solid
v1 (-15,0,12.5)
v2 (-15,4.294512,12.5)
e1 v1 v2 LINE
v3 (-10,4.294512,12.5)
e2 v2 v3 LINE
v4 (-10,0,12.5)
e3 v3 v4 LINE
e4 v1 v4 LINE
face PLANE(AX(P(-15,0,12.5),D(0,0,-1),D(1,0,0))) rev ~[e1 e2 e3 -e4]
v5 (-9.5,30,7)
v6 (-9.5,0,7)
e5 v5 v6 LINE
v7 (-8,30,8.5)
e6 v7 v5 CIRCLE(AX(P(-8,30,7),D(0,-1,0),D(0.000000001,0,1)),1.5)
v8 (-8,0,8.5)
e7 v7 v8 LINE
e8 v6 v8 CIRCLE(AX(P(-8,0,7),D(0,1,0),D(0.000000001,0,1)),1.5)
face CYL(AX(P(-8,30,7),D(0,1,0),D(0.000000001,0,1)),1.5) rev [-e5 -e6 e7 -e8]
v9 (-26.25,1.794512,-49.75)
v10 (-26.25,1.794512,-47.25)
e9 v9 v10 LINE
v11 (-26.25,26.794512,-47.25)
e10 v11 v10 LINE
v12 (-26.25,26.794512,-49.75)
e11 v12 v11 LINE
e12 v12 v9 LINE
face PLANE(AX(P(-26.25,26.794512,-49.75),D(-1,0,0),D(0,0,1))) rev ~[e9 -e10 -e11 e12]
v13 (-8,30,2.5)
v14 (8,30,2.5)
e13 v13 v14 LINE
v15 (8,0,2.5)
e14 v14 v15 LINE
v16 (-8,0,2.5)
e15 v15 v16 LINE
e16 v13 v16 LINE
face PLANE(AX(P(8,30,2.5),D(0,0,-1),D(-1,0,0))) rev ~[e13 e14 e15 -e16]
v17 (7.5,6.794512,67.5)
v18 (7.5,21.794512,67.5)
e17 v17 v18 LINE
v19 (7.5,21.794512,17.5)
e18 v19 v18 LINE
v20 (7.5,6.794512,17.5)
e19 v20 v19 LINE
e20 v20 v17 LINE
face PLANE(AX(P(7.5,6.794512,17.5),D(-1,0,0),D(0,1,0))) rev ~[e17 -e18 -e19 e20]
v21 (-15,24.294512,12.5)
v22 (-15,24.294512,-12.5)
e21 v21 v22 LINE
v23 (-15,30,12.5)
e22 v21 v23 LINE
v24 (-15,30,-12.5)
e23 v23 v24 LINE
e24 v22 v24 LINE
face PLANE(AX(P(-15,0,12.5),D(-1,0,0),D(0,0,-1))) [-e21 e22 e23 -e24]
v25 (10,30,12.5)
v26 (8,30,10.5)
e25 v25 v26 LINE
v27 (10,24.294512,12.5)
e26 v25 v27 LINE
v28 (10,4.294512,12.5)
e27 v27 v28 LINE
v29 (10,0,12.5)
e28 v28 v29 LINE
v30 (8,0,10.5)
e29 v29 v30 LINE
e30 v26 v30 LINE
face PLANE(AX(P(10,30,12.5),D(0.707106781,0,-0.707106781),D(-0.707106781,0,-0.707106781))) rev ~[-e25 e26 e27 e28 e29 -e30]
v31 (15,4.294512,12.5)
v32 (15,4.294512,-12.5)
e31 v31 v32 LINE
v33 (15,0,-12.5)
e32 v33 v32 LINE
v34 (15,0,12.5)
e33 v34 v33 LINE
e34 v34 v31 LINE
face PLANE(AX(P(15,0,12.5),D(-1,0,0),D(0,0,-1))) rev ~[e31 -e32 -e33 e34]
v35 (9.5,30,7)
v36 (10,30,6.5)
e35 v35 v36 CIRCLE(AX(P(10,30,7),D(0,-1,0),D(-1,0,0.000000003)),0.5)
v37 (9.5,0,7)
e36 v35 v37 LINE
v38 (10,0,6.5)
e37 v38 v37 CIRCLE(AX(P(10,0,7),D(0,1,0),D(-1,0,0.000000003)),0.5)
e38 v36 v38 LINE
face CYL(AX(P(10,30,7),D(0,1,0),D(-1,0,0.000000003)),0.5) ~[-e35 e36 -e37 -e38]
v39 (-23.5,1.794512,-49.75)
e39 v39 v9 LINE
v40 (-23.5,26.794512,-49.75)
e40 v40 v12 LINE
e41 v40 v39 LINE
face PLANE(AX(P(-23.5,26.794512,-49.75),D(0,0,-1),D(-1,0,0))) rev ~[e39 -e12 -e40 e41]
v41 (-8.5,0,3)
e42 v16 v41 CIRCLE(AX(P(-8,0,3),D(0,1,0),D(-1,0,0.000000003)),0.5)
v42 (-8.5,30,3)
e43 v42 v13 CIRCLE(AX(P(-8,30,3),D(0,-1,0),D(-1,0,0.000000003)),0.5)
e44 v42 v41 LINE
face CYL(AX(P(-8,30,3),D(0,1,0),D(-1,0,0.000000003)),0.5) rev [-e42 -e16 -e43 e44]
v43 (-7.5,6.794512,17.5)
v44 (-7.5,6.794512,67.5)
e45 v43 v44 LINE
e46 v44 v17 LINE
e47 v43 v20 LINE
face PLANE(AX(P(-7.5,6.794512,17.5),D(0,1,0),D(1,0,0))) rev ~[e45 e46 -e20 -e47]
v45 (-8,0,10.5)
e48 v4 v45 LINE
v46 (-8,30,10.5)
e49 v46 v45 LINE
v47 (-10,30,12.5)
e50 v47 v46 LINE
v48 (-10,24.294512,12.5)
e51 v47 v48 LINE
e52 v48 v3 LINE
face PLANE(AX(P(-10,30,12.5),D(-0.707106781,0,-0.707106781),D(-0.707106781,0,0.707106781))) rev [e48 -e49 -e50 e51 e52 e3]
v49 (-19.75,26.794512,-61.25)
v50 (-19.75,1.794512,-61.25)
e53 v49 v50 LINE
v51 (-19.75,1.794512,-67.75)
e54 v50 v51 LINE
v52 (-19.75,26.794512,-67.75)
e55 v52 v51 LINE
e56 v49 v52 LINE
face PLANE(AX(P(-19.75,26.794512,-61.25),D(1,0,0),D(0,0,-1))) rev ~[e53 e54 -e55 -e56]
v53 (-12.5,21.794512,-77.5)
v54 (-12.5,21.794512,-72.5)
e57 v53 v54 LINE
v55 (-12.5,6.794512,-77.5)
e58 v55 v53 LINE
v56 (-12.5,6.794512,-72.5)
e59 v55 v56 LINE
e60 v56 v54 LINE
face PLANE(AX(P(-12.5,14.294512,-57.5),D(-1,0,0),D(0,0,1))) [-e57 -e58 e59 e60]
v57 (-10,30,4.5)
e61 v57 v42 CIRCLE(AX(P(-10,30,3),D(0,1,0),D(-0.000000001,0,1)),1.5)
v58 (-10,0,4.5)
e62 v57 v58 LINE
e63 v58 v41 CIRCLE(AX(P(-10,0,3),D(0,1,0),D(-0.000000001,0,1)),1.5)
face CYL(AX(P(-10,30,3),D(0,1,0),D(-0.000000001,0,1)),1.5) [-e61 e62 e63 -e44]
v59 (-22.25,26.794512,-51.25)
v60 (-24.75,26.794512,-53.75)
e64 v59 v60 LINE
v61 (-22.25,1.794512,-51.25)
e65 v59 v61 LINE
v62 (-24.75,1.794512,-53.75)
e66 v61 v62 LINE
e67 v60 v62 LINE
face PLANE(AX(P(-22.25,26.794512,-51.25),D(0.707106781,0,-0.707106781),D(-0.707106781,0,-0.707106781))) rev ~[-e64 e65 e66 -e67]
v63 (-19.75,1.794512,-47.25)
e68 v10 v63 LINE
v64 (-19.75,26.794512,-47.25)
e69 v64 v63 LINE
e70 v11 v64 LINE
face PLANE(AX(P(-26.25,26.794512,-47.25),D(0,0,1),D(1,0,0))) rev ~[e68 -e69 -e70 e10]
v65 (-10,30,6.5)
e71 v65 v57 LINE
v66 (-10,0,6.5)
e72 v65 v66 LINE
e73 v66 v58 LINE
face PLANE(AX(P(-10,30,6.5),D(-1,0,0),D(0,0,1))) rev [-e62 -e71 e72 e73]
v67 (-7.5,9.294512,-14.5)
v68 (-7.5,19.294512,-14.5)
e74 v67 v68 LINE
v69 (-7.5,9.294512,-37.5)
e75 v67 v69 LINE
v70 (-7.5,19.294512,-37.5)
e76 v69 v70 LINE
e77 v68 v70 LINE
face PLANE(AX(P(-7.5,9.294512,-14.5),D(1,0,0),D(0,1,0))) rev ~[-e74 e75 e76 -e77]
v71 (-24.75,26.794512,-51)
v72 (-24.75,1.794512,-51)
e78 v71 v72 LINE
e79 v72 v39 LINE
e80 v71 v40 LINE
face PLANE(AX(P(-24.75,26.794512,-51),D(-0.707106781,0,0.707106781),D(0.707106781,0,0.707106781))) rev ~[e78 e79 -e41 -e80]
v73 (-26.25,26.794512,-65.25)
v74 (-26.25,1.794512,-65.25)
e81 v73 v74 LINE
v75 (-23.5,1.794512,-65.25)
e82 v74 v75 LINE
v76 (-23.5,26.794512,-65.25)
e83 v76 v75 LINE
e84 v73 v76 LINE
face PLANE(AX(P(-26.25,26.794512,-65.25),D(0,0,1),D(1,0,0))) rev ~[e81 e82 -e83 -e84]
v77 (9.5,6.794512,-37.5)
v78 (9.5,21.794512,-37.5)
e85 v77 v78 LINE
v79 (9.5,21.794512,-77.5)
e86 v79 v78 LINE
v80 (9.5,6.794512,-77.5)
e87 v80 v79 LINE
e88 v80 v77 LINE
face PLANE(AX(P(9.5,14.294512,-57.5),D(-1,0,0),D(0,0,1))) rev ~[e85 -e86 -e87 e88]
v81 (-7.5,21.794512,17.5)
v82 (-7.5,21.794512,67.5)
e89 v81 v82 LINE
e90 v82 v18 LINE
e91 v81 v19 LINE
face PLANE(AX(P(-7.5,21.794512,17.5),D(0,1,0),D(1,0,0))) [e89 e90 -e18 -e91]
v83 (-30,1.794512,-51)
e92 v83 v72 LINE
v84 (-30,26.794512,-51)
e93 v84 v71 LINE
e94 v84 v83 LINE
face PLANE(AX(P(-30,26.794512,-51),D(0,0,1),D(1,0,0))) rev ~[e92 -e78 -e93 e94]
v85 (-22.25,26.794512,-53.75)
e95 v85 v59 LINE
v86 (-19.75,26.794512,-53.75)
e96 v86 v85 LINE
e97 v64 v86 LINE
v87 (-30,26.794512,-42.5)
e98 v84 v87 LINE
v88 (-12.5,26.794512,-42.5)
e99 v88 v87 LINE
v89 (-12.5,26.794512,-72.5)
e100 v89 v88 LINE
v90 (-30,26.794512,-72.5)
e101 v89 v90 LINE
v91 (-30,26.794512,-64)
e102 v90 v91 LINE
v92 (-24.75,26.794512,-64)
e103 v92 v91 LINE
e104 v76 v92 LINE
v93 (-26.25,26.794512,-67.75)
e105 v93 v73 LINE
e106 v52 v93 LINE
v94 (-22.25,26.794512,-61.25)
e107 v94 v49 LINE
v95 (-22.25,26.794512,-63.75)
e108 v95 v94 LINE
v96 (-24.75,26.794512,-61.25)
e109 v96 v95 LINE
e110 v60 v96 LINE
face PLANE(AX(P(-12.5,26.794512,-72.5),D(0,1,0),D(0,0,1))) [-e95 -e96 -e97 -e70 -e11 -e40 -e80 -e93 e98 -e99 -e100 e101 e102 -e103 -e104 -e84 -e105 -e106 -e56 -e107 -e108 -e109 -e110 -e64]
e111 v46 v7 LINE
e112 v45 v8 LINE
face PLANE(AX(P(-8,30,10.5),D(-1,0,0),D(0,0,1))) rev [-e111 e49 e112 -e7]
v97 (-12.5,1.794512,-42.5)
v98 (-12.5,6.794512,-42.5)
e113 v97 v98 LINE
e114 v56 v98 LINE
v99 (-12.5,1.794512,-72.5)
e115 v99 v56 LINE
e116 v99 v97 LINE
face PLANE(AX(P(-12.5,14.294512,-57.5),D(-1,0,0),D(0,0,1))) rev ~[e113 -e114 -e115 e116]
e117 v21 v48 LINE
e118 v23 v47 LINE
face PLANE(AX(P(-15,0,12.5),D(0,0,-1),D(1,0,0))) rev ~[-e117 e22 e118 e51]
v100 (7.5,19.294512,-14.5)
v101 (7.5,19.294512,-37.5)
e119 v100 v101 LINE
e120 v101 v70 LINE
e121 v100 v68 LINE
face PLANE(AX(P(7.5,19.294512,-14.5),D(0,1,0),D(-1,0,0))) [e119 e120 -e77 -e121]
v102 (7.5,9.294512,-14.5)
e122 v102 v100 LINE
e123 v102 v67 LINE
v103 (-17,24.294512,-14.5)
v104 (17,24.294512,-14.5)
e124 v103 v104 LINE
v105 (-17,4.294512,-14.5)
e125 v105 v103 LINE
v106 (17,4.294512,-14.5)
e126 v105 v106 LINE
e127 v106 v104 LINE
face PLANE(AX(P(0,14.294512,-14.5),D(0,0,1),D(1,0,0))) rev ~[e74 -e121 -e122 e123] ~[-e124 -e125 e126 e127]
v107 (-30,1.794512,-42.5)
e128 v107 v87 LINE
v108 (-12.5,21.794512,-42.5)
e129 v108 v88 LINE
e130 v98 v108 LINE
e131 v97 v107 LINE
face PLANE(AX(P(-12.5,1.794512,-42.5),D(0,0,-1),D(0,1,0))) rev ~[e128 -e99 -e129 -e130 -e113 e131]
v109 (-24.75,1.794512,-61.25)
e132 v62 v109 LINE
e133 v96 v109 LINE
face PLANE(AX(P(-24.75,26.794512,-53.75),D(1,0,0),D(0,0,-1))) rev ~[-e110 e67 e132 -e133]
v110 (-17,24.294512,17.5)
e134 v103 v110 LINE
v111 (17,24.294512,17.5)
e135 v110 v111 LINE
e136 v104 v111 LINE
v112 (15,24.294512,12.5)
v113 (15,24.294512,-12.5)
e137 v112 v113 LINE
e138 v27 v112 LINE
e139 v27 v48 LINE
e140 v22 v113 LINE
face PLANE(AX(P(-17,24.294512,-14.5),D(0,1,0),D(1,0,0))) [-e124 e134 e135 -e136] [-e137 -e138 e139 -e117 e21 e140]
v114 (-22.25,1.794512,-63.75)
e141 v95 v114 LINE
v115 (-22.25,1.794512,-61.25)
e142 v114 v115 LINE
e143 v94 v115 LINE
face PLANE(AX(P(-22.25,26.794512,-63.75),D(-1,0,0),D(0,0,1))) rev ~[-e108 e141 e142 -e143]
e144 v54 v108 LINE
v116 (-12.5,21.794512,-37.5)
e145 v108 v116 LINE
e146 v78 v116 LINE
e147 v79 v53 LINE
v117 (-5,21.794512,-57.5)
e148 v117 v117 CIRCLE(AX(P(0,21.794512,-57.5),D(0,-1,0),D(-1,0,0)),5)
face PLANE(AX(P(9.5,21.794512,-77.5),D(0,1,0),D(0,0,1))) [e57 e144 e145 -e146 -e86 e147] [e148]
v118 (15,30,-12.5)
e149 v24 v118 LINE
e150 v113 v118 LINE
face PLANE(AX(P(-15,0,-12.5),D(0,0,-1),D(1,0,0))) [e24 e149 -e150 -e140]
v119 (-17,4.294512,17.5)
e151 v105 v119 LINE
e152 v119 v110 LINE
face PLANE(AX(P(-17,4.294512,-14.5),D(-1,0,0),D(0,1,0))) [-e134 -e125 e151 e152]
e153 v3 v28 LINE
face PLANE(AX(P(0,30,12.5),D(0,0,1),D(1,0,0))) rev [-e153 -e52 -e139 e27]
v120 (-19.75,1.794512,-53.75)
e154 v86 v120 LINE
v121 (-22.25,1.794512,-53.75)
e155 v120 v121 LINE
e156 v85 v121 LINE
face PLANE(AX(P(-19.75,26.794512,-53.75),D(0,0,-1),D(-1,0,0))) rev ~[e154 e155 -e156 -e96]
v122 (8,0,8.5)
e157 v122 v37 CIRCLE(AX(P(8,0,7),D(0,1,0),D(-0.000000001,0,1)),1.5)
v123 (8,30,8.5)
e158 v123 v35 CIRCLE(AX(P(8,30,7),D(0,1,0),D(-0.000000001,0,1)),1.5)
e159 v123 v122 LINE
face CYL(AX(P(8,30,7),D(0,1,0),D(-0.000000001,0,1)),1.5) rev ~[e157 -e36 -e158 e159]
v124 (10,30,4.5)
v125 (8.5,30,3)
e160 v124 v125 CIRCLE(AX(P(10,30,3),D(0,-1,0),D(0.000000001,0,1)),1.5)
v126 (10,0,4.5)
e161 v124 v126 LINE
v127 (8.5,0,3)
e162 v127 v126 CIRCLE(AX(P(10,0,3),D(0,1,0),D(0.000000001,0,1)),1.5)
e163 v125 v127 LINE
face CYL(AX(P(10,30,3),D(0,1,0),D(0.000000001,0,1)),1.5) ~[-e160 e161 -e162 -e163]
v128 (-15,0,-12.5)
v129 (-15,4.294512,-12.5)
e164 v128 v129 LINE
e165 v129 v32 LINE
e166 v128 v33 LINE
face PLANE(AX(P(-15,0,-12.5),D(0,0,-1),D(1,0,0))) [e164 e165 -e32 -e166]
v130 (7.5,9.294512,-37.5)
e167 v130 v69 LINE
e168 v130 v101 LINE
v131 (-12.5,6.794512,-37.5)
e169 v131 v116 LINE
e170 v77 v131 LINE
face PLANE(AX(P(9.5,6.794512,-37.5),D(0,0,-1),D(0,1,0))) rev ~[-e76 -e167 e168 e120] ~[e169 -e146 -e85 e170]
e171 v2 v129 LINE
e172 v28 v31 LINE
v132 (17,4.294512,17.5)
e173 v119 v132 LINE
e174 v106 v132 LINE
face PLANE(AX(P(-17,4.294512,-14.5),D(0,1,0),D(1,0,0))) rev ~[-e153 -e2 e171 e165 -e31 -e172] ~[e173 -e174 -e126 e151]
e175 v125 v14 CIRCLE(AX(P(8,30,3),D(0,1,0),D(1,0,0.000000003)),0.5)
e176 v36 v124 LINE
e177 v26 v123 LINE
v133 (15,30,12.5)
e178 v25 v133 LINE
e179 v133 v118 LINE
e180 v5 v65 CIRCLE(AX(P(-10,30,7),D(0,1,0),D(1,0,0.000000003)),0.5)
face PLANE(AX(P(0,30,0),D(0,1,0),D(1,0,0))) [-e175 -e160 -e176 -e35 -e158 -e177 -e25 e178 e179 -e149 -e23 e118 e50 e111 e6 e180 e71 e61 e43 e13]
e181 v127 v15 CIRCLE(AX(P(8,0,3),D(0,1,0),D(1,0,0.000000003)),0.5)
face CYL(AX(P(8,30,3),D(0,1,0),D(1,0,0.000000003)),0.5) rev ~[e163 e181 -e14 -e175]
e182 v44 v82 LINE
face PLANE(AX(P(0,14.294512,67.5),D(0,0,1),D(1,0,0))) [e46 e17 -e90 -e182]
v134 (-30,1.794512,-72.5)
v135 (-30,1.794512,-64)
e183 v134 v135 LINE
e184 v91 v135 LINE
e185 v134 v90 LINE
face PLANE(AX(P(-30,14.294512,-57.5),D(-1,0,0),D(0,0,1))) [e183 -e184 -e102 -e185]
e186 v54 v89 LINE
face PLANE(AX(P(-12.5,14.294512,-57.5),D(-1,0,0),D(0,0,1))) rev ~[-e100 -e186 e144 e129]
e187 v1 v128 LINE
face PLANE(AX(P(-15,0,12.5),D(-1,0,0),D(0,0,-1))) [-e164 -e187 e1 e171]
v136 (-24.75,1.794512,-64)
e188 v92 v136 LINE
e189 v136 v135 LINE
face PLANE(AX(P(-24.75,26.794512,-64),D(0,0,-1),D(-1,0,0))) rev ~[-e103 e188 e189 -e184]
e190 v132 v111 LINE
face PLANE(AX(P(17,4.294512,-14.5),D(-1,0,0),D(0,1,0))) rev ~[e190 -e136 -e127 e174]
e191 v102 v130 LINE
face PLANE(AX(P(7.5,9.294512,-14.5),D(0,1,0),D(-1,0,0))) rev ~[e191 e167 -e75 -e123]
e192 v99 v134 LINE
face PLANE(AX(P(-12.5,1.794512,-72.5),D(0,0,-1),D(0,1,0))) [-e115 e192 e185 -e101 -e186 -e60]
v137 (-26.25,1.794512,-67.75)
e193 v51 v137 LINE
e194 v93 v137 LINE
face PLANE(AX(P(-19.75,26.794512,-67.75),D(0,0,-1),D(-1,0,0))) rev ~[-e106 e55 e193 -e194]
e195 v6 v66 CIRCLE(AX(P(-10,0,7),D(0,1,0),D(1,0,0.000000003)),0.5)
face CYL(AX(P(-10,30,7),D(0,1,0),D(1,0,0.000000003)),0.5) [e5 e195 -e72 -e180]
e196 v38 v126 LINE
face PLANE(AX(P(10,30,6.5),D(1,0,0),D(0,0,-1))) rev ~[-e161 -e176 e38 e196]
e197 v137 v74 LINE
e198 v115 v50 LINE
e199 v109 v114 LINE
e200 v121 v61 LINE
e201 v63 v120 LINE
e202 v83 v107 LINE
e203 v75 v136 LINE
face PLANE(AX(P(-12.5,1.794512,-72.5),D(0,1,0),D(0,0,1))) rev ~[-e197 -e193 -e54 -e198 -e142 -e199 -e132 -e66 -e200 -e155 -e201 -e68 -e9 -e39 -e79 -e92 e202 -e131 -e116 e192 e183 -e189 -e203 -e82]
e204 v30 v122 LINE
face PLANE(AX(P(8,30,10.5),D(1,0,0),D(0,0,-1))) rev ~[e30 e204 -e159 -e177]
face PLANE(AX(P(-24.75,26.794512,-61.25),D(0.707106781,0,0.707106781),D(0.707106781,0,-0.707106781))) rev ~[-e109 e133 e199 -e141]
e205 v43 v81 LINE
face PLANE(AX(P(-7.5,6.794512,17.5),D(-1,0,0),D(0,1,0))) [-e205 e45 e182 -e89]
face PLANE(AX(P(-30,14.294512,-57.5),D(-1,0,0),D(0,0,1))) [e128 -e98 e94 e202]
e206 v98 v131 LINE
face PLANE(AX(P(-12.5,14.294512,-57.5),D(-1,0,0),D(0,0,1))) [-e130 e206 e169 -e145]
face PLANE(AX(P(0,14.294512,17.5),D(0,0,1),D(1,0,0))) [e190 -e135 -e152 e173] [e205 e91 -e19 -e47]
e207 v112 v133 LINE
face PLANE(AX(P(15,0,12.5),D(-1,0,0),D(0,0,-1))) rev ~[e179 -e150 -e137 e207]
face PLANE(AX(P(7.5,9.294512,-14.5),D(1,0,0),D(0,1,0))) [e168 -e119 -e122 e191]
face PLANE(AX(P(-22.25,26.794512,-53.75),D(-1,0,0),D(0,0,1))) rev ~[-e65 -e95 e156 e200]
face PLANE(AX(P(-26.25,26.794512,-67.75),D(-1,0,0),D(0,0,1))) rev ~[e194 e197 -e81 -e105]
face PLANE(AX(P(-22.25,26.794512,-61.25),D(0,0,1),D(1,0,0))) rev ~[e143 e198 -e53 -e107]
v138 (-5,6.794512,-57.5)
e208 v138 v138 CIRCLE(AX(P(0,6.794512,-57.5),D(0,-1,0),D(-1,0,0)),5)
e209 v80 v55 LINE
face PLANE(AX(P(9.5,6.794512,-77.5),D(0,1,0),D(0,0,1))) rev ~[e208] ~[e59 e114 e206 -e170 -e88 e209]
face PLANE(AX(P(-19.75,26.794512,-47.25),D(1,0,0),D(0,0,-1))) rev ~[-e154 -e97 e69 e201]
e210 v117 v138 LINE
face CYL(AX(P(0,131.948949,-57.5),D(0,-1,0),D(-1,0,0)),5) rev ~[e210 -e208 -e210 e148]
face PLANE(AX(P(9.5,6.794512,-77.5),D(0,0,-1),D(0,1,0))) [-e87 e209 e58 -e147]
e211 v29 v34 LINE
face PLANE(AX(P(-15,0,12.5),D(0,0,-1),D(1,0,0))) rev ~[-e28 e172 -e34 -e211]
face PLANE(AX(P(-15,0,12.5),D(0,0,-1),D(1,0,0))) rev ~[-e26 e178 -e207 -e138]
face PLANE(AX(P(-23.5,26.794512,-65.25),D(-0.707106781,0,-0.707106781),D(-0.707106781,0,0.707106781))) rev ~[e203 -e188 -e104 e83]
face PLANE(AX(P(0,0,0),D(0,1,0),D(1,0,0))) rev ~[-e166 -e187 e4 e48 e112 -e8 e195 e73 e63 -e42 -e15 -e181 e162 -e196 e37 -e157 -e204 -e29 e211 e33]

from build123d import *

# Parameters (mm, degrees)
SKETCH3_W                = 30
SKETCH3_H                = 25
BASETOPPLANE_DEPTH       = 30
BOSS_EXTRUDE1_DEPTH      = 5
BOSS_EXTRUDE1_DEPTH_BACK = 27
SKETCH6_W                = 34
SKETCH6_H                = 20
CUT_EXTRUDE1_DEPTH       = 39.668462602
SKETCH7_W                = 15
SKETCH7_H                = 10
BACKBAR_DEPTH            = 60
SIDECONNECT_DEPTH        = 5
SIDECONNECT_DEPTH_BACK   = 17
SKETCH8_W                = 40
SKETCH8_H                = 15
SKETCH9_W                = 30
SKETCH9_H                = 25
SIDESLIDER_DEPTH         = 17.5
MOUNTINGCUT_DEPTH        = 88.316641384
DRILLFORMOVEMENT_D       = 10
SKETCH17_W               = 15
SKETCH17_H               = 15
FRONTBAR_DEPTH           = 50


with BuildPart() as part:
    # Sketch3 → baseTopPlane (new body)
    with BuildSketch(Plane(origin=(0, 0, 0), x_dir=(1, 0, 0), z_dir=(0, 1, 0))):
        Rectangle(SKETCH3_W, SKETCH3_H)
    extrude(amount=BASETOPPLANE_DEPTH)

    # Sketch6 → Boss-Extrude1 (add, two sides: drawn at the far end of the back side and taken through both)
    with BuildSketch(Plane.XY.offset(12.5).offset(-BOSS_EXTRUDE1_DEPTH_BACK)):
        with Locations((0, 14.294511799)):
            Rectangle(SKETCH6_W, SKETCH6_H)
    extrude(amount=BOSS_EXTRUDE1_DEPTH + BOSS_EXTRUDE1_DEPTH_BACK)

    # Sketch4 → Cut-Extrude1 (cut, through all)
    with BuildSketch(Plane(origin=(0, 30, 0), x_dir=(1, 0, 0), z_dir=(0, 1, 0))):
        with BuildLine():
            Line((0, -12.5), (10, -12.5))
            Line((10, -12.5), (8, -10.5))
            Line((8, -10.5), (8, -8.5))
            ThreePointArc((8, -8.5), (9.060660172, -8.060660172), (9.5, -7))
            ThreePointArc((9.5, -7), (9.646446609, -6.646446609), (10, -6.5))
            Line((10, -6.5), (10, -4.5))
            ThreePointArc((10, -4.5), (8.939339828, -4.060660172), (8.5, -3))
            ThreePointArc((8.5, -3), (8.353553391, -2.646446609), (8, -2.5))
            Line((8, -2.5), (0, -2.5))
            Line((0, -2.5), (0, -12.5))
        make_face()
    cut_extrude1 = extrude(amount=-CUT_EXTRUDE1_DEPTH, mode=Mode.SUBTRACT)

    # Mirror1: Cut-Extrude1 across plane
    add(cut_extrude1.mirror(Plane(origin=(0, 0, 2.5), x_dir=(0, 0, 1), z_dir=(-1, 0, 0))), mode=Mode.SUBTRACT)

    # Sketch7 → BackBar (add)
    with BuildSketch(Plane(origin=(0, 0, -14.5), x_dir=(-1, 0, 0), z_dir=(0, 0, -1))):
        with Locations((0, 14.294511799)):
            Rectangle(SKETCH7_W, SKETCH7_H)
    extrude(amount=BACKBAR_DEPTH)

    # Sketch8 → sideConnect (add, two sides: drawn at the far end of the back side and taken through both)
    with BuildSketch(Plane.ZY.offset(7.5).offset(-SIDECONNECT_DEPTH_BACK)):
        with Locations((-57.5, 14.294511799)):
            Rectangle(SKETCH8_W, SKETCH8_H)
    extrude(amount=SIDECONNECT_DEPTH + SIDECONNECT_DEPTH_BACK)

    # Sketch9 → sideSlider (add)
    with BuildSketch(Plane.ZY.offset(12.5)):
        with Locations((-57.5, 14.294511799)):
            Rectangle(SKETCH9_W, SKETCH9_H)
    extrude(amount=SIDESLIDER_DEPTH)

    # Sketch13 → mountingCut (cut, through all)
    with BuildSketch(Plane(origin=(0, 26.794511799, 0), x_dir=(1, 0, 0), z_dir=(0, 1, 0))):
        Polygon((-30, 64), (-30, 51), (-24.75, 51), (-23.5, 49.75), (-26.25, 49.75), (-26.25, 47.25), (-19.75, 47.25), (-19.75, 53.75), (-22.25, 53.75), (-22.25, 51.25), (-24.75, 53.75), (-24.75, 61.25), (-22.25, 63.75), (-22.25, 61.25), (-19.75, 61.25), (-19.75, 67.75), (-26.25, 67.75), (-26.25, 65.25), (-23.5, 65.25), (-24.75, 64), align=None)
    extrude(amount=-MOUNTINGCUT_DEPTH, mode=Mode.SUBTRACT)

    # DrillforMovement (through all)
    with Locations(Plane(origin=(0, 21.794511799, 0), x_dir=(1, 0, 0), z_dir=(0, 1, 0))):
        with Locations((0, 57.5)):
            Hole(DRILLFORMOVEMENT_D / 2)

    # Sketch17 → frontBar (add)
    with BuildSketch(Plane.XY.offset(17.5)):
        with Locations((0, 14.294511799)):
            Rectangle(SKETCH17_W, SKETCH17_H)
    extrude(amount=FRONTBAR_DEPTH)


solid = part.part
